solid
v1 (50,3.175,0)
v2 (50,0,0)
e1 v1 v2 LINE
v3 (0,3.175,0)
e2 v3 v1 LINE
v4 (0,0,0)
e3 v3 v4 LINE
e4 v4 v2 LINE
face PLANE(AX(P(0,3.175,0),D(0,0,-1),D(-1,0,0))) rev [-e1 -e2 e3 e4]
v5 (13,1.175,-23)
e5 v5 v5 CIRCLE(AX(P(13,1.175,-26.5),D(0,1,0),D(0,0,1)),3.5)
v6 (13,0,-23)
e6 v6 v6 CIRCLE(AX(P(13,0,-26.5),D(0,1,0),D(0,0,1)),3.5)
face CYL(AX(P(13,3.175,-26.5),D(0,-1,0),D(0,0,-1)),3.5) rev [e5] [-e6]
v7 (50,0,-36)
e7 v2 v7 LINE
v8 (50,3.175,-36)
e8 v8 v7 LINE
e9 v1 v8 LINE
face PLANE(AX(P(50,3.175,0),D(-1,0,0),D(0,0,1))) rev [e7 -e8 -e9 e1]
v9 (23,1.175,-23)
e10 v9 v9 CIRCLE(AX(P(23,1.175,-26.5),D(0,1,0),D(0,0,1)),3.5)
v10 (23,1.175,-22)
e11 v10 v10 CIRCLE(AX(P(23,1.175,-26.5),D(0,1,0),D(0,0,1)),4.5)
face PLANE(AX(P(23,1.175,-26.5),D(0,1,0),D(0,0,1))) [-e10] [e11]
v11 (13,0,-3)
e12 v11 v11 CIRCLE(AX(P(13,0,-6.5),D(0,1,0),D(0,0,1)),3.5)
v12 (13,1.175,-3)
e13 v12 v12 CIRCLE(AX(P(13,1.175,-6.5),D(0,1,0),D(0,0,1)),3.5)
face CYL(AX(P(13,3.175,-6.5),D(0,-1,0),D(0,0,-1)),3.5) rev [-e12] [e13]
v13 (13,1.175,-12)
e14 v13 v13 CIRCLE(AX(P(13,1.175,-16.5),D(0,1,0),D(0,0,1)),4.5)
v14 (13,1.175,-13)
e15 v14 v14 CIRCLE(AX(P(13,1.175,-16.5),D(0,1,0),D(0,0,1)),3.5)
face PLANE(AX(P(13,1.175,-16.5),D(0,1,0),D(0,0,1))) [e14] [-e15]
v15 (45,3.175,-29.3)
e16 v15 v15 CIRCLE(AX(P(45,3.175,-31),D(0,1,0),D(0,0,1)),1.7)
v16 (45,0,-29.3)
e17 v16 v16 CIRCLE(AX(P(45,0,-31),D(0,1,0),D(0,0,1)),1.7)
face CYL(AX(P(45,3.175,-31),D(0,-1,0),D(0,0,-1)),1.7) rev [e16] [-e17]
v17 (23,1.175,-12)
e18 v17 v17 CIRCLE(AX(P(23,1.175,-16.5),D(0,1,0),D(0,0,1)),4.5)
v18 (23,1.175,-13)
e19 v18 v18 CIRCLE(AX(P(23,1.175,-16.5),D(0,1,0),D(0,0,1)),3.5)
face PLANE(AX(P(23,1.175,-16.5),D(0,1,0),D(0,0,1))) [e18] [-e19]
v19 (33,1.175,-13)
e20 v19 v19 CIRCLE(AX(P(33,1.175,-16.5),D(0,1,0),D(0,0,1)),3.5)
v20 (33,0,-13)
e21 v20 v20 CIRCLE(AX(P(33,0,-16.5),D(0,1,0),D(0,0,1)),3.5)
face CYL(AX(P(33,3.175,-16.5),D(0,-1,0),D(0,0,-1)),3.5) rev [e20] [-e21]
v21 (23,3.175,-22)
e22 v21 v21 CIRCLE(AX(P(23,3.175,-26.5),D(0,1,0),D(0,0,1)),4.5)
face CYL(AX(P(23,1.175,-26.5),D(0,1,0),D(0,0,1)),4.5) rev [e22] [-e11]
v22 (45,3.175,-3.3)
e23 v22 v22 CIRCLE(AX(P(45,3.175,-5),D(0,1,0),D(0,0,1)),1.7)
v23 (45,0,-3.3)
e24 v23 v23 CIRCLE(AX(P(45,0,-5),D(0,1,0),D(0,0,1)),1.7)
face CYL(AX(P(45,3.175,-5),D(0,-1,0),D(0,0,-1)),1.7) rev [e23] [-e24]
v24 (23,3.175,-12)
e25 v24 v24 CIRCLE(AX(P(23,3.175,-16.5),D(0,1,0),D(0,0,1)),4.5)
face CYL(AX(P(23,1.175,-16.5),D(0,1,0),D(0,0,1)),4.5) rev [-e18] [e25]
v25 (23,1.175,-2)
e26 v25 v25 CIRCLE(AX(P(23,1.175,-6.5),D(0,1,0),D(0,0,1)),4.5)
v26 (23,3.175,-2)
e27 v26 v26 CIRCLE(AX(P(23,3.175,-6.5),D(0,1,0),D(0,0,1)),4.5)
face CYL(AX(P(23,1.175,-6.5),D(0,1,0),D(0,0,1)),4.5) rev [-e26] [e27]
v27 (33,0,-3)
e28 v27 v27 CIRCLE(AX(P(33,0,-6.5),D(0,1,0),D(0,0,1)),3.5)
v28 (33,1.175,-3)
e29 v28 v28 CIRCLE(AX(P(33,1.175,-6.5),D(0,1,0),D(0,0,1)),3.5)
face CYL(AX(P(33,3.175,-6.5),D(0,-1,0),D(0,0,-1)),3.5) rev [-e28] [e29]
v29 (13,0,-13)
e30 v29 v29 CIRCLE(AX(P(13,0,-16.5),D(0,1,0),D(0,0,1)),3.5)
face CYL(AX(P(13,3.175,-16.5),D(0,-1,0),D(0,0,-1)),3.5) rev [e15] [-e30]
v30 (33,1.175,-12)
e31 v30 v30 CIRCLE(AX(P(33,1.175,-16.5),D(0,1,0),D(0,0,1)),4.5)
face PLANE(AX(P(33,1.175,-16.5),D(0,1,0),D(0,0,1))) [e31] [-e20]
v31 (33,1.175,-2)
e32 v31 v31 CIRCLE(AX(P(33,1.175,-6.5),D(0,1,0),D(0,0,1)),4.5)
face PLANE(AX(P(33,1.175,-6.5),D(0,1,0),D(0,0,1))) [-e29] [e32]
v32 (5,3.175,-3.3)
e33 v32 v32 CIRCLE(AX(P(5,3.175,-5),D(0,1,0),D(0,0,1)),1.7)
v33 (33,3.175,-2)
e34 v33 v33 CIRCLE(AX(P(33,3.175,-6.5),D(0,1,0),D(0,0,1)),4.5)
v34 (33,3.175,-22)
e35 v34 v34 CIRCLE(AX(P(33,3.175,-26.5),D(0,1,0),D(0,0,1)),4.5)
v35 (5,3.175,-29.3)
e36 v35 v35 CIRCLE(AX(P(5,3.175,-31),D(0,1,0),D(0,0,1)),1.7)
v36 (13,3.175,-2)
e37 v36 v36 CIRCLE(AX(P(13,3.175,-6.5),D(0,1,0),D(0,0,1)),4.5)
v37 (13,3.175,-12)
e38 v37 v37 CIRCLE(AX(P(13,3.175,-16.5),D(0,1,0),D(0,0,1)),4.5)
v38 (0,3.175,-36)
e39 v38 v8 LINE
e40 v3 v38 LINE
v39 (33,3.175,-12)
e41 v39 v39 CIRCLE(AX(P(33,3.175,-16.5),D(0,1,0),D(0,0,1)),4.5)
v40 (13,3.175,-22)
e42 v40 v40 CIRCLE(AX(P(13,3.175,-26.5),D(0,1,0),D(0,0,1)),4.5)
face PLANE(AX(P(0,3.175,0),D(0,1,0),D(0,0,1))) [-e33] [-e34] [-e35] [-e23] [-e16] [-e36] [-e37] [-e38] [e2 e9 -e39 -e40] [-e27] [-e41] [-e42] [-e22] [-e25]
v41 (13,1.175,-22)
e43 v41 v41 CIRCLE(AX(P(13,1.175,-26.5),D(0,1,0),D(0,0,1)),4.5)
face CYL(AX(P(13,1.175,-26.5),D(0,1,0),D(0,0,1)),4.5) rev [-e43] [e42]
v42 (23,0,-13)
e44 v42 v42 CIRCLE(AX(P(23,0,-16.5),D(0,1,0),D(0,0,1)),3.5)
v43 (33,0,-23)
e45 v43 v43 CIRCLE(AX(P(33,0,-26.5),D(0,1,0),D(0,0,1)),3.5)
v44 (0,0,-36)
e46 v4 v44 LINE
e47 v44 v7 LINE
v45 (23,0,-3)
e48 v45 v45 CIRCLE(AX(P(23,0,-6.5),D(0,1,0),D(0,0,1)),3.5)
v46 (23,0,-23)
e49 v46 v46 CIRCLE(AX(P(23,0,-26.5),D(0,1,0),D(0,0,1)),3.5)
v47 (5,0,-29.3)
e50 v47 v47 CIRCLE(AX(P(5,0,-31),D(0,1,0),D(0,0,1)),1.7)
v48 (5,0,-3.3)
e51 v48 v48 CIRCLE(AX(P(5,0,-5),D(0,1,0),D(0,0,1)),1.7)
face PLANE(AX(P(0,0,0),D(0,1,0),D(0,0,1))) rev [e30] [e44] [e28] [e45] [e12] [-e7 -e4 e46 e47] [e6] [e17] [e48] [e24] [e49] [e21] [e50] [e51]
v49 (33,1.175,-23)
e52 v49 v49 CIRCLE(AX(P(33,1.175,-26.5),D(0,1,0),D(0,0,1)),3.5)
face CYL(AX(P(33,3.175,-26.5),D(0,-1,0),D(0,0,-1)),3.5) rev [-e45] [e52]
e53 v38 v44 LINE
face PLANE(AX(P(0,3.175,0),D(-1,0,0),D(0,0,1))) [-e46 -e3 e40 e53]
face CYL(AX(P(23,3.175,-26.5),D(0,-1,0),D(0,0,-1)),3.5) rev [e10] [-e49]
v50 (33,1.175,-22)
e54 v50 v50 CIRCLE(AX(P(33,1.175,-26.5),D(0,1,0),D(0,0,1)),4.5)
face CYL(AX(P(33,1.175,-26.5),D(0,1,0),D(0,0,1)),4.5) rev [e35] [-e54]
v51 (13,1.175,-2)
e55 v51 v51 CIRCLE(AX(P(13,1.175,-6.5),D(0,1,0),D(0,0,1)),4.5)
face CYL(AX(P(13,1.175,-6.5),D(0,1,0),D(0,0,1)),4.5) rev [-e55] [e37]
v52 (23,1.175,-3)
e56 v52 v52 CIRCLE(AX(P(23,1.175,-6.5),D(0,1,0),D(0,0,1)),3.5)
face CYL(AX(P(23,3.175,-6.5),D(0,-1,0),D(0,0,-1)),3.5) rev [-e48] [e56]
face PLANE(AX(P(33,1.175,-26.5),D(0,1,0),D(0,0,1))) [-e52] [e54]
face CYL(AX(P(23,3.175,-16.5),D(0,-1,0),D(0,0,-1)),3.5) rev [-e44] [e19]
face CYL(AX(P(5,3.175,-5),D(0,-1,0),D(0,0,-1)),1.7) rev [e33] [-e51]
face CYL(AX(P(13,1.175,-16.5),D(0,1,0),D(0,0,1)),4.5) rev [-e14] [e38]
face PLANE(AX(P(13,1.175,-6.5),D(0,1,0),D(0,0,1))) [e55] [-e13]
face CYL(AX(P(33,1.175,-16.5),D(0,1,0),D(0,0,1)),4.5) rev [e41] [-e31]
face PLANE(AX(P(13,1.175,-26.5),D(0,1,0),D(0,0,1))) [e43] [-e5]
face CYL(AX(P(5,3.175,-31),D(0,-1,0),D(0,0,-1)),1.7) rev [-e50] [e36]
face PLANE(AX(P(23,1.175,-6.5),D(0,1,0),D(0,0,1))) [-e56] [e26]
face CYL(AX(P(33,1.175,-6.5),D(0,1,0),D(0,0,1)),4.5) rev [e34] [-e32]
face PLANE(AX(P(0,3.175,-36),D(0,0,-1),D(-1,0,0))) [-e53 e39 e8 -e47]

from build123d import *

# Parameters (mm, degrees)
SKETCH1_W           = 50
SKETCH1_H           = 36
SKETCH1_R           = 3.5
SKETCH1_R_2         = 1.7
BOSS_EXTRUDE1_DEPTH = 3.175
SKETCH2_R           = 4.5
CUT_EXTRUDE1_DEPTH  = 2


with BuildPart() as part:
    # Sketch1 → Boss-Extrude1 (new body)
    with BuildSketch(Plane(origin=(0, 0, 0), x_dir=(1, 0, 0), z_dir=(0, 1, 0))):
        with Locations((25, 18)):
            Rectangle(SKETCH1_W, SKETCH1_H)
        with Locations((13, 6.5)):
            Circle(SKETCH1_R, mode=Mode.SUBTRACT)
        with Locations((5, 5)):
            Circle(SKETCH1_R_2, mode=Mode.SUBTRACT)
        with Locations((5, 31)):
            Circle(SKETCH1_R_2, mode=Mode.SUBTRACT)
        with Locations((45, 31)):
            Circle(SKETCH1_R_2, mode=Mode.SUBTRACT)
        with Locations((45, 5)):
            Circle(SKETCH1_R_2, mode=Mode.SUBTRACT)
        with Locations((23, 6.5)):
            Circle(SKETCH1_R, mode=Mode.SUBTRACT)
        with Locations((33, 6.5)):
            Circle(SKETCH1_R, mode=Mode.SUBTRACT)
        with Locations((23, 16.5)):
            Circle(SKETCH1_R, mode=Mode.SUBTRACT)
        with Locations((33, 16.5)):
            Circle(SKETCH1_R, mode=Mode.SUBTRACT)
        with Locations((23, 26.5)):
            Circle(SKETCH1_R, mode=Mode.SUBTRACT)
        with Locations((33, 26.5)):
            Circle(SKETCH1_R, mode=Mode.SUBTRACT)
        with Locations((13, 16.5)):
            Circle(SKETCH1_R, mode=Mode.SUBTRACT)
        with Locations((13, 26.5)):
            Circle(SKETCH1_R, mode=Mode.SUBTRACT)
    extrude(amount=BOSS_EXTRUDE1_DEPTH)

    # Sketch2 → Cut-Extrude1 (cut)
    with BuildSketch(Plane(origin=(0, 3.175, 0), x_dir=(1, 0, 0), z_dir=(0, 1, 0))):
        with Locations((13, 26.5)):
            Circle(SKETCH2_R)
        with Locations((23, 26.5)):
            Circle(SKETCH2_R)
        with Locations((33, 26.5)):
            Circle(SKETCH2_R)
        with Locations((23, 16.5)):
            Circle(SKETCH2_R)
        with Locations((33, 16.5)):
            Circle(SKETCH2_R)
        with Locations((23, 6.5)):
            Circle(SKETCH2_R)
        with Locations((33, 6.5)):
            Circle(SKETCH2_R)
        with Locations((13, 16.5)):
            Circle(SKETCH2_R)
        with Locations((13, 6.5)):
            Circle(SKETCH2_R)
    extrude(amount=-CUT_EXTRUDE1_DEPTH, mode=Mode.SUBTRACT)


solid = part.part
